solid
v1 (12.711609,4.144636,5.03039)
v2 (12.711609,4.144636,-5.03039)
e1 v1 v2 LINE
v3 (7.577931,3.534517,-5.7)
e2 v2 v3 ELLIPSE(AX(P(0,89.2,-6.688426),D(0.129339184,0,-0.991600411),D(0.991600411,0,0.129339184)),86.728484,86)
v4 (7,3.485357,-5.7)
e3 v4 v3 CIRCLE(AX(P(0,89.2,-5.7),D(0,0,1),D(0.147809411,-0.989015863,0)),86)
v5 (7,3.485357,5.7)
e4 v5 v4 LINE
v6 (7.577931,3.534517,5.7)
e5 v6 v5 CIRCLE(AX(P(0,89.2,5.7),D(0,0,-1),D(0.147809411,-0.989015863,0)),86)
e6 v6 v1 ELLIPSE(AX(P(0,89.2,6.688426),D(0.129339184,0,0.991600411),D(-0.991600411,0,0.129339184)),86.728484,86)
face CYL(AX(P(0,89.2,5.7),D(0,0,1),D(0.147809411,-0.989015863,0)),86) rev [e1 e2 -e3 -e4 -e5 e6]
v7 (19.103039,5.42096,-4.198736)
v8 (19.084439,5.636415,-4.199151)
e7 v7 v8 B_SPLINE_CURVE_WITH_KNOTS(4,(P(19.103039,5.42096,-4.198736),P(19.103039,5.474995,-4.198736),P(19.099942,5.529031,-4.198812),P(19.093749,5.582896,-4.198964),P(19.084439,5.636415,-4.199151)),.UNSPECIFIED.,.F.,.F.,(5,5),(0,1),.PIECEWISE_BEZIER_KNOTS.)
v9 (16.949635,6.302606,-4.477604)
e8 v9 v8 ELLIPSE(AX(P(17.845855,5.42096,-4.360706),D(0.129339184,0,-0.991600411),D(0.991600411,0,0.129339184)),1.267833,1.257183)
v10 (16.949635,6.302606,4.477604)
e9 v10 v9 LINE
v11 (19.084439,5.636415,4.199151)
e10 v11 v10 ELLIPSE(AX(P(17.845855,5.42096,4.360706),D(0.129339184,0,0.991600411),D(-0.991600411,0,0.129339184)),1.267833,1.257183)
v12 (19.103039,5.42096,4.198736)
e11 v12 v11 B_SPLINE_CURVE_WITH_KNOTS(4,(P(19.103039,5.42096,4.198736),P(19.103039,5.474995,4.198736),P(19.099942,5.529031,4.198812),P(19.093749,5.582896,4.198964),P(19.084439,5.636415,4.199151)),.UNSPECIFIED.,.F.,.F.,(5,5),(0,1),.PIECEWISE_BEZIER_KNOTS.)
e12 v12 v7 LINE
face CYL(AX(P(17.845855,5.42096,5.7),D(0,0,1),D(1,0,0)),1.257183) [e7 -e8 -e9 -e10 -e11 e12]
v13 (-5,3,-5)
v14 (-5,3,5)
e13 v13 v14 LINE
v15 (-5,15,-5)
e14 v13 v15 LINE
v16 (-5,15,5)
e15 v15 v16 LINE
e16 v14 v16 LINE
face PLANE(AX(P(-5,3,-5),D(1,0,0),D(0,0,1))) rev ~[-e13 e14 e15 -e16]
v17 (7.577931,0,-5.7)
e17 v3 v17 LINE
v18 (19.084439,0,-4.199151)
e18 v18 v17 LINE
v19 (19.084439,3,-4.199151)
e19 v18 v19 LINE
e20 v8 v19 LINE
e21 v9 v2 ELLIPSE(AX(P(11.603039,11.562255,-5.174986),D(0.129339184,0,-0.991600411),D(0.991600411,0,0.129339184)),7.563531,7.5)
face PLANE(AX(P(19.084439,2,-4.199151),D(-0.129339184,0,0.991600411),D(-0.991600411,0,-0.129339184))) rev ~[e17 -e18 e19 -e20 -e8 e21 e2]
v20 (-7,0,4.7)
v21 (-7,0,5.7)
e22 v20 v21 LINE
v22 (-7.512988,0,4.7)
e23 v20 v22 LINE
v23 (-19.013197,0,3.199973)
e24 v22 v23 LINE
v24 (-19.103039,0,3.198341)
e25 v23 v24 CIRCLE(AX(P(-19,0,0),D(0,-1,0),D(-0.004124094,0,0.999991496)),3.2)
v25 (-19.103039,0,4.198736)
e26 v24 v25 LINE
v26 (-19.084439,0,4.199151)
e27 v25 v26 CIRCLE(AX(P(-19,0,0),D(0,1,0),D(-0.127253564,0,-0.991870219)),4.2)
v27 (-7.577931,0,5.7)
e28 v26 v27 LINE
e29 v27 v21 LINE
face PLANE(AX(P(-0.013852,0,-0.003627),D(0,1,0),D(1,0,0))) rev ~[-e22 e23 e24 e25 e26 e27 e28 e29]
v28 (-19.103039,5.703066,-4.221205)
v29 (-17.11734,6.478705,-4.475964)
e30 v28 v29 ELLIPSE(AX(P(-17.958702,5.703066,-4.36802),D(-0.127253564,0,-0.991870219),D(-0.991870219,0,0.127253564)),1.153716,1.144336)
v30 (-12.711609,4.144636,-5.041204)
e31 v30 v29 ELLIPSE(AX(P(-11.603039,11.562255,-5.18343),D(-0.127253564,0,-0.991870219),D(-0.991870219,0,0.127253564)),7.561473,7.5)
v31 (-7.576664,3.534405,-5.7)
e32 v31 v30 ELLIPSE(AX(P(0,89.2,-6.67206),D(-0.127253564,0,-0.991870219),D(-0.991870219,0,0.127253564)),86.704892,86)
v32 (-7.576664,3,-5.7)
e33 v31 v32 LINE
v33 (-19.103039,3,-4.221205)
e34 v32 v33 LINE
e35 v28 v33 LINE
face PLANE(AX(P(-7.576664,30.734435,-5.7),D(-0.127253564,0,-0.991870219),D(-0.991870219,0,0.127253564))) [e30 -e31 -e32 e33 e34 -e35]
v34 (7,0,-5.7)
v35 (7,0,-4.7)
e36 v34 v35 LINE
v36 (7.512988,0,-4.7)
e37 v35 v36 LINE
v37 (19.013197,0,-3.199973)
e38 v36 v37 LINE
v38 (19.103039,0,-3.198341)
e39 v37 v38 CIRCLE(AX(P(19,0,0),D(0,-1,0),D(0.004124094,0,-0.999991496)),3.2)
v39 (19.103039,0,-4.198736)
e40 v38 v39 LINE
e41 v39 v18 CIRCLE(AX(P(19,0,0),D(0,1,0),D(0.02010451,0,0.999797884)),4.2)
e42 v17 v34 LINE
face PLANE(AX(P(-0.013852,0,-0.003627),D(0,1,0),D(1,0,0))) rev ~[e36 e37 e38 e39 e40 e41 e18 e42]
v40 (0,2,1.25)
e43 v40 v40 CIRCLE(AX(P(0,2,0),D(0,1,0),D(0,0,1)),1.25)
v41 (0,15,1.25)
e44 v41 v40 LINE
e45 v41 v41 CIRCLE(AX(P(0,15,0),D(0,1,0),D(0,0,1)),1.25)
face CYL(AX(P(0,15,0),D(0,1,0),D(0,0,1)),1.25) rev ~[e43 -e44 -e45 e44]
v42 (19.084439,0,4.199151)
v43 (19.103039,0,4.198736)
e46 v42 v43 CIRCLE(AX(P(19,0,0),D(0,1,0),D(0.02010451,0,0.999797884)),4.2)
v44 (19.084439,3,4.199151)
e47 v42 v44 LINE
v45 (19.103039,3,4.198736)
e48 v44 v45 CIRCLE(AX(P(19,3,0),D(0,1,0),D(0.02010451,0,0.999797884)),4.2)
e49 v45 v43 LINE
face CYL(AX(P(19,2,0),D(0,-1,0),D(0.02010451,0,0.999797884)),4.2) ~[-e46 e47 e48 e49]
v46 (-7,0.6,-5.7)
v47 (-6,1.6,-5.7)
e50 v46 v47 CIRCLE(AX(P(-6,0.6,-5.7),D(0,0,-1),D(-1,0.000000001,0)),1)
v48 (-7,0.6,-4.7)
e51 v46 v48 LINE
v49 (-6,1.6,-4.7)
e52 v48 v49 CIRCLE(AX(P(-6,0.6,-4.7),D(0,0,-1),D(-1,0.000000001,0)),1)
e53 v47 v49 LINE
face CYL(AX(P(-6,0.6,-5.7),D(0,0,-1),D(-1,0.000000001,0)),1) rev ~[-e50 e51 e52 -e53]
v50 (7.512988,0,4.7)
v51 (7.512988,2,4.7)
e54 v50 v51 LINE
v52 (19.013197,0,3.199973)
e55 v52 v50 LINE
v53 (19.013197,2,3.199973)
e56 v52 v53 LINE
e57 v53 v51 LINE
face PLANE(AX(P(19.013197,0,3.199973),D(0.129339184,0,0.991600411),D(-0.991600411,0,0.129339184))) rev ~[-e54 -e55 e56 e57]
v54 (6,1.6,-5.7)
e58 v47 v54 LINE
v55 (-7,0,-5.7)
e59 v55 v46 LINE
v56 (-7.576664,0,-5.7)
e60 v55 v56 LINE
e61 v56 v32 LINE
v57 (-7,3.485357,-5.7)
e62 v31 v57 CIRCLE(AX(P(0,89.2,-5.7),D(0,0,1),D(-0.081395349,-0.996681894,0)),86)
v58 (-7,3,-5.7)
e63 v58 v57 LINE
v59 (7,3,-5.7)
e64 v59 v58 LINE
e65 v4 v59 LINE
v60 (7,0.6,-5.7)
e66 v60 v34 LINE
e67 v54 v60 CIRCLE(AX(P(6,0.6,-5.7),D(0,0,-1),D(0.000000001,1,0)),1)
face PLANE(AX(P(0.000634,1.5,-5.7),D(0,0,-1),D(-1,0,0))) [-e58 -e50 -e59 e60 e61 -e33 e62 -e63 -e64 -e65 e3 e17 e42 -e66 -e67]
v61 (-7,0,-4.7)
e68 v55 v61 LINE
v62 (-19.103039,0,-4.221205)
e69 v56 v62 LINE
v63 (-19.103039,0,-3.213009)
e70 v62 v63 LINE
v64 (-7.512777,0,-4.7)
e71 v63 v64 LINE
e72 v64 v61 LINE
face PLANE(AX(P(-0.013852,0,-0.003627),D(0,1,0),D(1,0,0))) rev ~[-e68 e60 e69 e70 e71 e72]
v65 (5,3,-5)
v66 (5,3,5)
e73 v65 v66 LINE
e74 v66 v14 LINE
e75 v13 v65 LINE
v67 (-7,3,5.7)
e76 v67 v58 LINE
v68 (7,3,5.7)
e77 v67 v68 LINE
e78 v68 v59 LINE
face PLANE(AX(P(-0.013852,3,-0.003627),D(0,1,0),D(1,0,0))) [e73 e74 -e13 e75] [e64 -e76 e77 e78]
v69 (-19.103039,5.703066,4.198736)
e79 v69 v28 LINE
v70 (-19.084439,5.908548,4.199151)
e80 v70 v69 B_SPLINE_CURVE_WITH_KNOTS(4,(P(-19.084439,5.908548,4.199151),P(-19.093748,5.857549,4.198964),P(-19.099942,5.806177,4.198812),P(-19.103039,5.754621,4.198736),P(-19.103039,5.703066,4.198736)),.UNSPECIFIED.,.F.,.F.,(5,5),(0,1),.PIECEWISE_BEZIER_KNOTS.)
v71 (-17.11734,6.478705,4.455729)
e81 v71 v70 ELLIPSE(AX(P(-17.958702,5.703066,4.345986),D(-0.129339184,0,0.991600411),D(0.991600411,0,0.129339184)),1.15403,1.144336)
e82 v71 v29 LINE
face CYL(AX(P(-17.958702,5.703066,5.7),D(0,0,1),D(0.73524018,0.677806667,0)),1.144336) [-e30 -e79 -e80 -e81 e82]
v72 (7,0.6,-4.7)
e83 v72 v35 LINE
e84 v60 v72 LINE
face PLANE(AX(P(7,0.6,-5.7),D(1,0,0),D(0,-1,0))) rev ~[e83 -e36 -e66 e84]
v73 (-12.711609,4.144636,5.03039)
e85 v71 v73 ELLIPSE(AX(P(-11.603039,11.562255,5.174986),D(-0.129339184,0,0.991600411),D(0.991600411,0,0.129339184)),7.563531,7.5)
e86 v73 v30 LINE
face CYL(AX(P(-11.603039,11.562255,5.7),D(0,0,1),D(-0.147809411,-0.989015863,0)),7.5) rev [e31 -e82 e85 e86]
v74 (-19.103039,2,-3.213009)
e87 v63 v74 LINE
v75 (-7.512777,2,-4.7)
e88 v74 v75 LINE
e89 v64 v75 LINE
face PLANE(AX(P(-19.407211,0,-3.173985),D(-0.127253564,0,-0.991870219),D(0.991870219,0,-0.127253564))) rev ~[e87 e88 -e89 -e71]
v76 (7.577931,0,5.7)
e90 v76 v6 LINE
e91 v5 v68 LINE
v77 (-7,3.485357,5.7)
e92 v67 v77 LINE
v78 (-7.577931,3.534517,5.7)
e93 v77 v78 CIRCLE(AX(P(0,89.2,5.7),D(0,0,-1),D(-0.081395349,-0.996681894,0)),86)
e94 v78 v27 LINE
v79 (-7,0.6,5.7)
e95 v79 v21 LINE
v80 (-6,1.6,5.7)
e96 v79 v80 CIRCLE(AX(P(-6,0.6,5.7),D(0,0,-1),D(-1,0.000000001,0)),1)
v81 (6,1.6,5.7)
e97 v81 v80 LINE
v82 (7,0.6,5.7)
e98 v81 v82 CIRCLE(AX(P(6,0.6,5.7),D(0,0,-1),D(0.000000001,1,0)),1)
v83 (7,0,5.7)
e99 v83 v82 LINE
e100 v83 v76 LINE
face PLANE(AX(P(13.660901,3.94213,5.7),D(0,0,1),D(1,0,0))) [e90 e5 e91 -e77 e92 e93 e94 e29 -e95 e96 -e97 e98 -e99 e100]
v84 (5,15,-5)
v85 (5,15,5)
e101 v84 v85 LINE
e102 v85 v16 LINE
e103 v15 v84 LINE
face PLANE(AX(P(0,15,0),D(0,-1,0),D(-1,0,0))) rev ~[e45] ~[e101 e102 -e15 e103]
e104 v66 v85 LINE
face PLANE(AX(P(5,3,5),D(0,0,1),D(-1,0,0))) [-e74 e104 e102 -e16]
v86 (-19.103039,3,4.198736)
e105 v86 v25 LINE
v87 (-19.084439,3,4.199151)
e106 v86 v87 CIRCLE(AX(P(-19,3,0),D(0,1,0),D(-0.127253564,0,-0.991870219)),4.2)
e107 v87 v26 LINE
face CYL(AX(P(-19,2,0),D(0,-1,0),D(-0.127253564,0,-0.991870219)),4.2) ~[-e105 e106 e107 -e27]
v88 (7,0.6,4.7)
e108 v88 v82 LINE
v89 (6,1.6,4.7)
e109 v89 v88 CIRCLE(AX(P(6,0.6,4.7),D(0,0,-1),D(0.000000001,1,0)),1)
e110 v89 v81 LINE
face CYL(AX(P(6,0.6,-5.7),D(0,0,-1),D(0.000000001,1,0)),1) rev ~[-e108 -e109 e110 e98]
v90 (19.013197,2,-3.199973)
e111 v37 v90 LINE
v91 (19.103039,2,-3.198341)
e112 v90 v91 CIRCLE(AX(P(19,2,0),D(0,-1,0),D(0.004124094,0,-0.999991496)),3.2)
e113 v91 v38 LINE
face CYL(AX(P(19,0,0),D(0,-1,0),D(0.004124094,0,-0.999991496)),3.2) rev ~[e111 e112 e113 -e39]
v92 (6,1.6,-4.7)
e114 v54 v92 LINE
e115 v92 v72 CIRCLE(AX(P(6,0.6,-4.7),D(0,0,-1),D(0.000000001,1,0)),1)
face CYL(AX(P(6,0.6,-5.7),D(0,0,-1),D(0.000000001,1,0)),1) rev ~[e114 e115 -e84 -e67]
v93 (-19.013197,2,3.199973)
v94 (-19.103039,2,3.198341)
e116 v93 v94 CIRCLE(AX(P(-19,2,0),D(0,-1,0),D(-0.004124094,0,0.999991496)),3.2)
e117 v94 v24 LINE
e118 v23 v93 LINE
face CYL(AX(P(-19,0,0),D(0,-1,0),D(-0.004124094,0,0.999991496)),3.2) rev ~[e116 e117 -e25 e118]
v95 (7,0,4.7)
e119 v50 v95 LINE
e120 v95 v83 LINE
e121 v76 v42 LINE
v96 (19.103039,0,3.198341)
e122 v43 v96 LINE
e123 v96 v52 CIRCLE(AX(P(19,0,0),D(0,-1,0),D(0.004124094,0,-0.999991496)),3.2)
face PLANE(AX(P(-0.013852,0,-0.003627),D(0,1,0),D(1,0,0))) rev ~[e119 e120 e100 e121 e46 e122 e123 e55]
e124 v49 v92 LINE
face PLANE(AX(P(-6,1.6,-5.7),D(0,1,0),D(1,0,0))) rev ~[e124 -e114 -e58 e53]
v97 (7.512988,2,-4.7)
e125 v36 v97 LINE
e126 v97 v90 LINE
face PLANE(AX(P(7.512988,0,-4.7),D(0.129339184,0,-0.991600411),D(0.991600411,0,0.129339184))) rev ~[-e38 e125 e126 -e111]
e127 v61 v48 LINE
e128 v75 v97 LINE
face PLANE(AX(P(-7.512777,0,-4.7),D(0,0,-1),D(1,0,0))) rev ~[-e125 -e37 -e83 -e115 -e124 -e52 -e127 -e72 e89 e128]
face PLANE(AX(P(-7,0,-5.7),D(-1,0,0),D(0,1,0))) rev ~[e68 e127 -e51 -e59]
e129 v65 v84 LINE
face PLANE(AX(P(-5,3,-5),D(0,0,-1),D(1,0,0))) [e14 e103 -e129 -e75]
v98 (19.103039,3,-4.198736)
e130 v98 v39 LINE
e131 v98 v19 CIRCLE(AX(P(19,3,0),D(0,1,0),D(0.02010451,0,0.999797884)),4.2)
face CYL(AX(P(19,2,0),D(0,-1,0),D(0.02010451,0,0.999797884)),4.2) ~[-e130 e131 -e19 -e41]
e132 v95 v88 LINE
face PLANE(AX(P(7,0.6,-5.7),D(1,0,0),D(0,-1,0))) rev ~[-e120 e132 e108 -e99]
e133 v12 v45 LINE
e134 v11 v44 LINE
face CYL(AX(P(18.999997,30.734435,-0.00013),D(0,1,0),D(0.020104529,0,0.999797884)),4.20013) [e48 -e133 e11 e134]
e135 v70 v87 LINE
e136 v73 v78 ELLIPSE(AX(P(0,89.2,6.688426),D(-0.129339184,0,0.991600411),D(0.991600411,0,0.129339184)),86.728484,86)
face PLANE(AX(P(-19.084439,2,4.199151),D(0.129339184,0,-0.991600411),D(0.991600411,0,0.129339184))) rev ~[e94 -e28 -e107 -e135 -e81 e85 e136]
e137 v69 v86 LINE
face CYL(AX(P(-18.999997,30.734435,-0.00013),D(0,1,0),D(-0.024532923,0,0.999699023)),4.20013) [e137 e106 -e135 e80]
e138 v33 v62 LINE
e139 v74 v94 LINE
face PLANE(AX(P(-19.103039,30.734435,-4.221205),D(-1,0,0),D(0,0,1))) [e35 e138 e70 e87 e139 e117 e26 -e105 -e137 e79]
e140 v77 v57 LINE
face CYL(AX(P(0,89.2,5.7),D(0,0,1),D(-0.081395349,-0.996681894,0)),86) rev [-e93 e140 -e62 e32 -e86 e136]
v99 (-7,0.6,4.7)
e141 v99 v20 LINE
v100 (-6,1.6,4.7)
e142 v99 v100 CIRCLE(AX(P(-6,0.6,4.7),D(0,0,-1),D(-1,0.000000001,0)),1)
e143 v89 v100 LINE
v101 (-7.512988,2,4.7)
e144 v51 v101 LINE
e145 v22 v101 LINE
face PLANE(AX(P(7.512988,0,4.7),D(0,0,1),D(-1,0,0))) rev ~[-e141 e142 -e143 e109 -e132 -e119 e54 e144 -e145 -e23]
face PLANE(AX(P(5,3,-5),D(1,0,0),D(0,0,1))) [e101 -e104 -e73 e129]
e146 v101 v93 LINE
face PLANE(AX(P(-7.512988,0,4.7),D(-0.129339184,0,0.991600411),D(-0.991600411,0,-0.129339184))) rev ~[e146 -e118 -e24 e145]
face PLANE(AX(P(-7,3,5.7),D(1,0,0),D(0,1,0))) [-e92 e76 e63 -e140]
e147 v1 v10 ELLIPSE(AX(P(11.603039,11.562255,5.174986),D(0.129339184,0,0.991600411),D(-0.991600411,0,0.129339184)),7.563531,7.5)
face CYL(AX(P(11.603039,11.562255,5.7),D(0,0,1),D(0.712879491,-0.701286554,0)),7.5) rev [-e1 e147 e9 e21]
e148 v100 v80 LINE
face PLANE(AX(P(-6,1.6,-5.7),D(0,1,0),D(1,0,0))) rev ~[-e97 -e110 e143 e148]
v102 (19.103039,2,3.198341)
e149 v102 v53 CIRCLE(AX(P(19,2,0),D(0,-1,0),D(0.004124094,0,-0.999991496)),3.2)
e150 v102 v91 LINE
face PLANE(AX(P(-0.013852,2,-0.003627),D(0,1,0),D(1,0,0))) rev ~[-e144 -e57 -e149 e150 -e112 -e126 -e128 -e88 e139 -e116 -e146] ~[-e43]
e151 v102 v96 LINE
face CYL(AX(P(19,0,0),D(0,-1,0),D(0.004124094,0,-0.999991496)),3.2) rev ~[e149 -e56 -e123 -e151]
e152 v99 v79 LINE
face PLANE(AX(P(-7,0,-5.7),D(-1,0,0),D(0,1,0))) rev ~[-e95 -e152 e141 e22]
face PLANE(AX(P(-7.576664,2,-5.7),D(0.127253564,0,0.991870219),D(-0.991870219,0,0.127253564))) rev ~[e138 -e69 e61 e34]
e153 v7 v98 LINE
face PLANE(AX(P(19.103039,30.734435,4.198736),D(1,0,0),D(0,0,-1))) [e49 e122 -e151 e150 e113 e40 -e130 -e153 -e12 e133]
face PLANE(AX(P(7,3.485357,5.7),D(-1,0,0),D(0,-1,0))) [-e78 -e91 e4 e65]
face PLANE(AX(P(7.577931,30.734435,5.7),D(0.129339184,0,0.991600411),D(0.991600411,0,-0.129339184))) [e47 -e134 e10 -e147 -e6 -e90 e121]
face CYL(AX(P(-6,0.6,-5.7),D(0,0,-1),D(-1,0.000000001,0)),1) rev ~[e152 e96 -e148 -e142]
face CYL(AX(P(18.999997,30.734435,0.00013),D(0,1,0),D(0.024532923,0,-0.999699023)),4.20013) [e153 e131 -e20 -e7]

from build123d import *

# Parameters (mm, degrees)
BOSS_EXTRUDE1_DEPTH     = 2
BOSS_EXTRUDE2_DEPTH     = 1
BOSS_EXTRUDE3_DEPTH     = 12
BOSS_EXTRUDE4_REACH     = 31.886
CUT_EXTRUDE1_DEPTH      = 27.734434724
CUT_EXTRUDE1_DEPTH_BACK = 27.734434724
SKETCH6_R               = 1.25
CUT_EXTRUDE2_DEPTH      = 25.948268421
CUT_EXTRUDE3_DEPTH      = 27.830693137


with BuildPart() as part:
    # Sketch1 → Boss-Extrude1 (new body)
    with BuildSketch(Plane(origin=(0, 0, 0), x_dir=(1, 0, 0), z_dir=(0, 1, 0))):
        with BuildLine():
            Line((-7.576663768, 5.7), (-19.534464968, 4.165854918))
            ThreePointArc((-19.534464968, 4.165854918), (-23.193935143, -0.225628046), (-19.084438942, -4.199151112))
            Line((-19.084438942, -4.199151112), (-7.577930804, -5.7))
            Line((-7.577930804, -5.7), (7.577930804, -5.7))
            Line((7.577930804, -5.7), (19.084438942, -4.199151112))
            ThreePointArc((19.084438942, -4.199151112), (23.2, 0), (19.084438942, 4.199151112))
            Line((19.084438942, 4.199151112), (7.577930804, 5.7))
            Line((7.577930804, 5.7), (-7.576663768, 5.7))
        make_face()
        with BuildLine():
            Line((-7.512988467, -4.7), (-19.013197102, -3.199972787))
            ThreePointArc((-19.013197102, -3.199972787), (-22.193903464, -0.197435212), (-19.407211404, 3.173984699))
            Line((-19.407211404, 3.173984699), (-7.512777295, 4.7))
            Line((-7.512777295, 4.7), (7.512988467, 4.7))
            Line((7.512988467, 4.7), (19.013197102, 3.199972787))
            ThreePointArc((19.013197102, 3.199972787), (22.2, 0), (19.013197102, -3.199972787))
            Line((19.013197102, -3.199972787), (7.512988467, -4.7))
            Line((7.512988467, -4.7), (-7.512988467, -4.7))
        make_face(mode=Mode.SUBTRACT)
    extrude(amount=BOSS_EXTRUDE1_DEPTH)

    # Sketch2 → Boss-Extrude2 (add)
    with BuildSketch(Plane(origin=(0, 2, 0), x_dir=(1, 0, 0), z_dir=(0, 1, 0))):
        with BuildLine():
            Line((7.577930804, -5.7), (19.084438942, -4.199151112))
            ThreePointArc((19.084438942, -4.199151112), (23.2, 0), (19.084438942, 4.199151112))
            Line((19.084438942, 4.199151112), (7.577930804, 5.7))
            Line((7.577930804, 5.7), (-7.576663768, 5.7))
            Line((-7.576663768, 5.7), (-19.534464968, 4.165854918))
            ThreePointArc((-19.534464968, 4.165854918), (-23.193935143, -0.225628046), (-19.084438942, -4.199151112))
            Line((-19.084438942, -4.199151112), (-7.577930804, -5.7))
            Line((-7.577930804, -5.7), (7.577930804, -5.7))
        make_face()
    extrude(amount=BOSS_EXTRUDE2_DEPTH)

    # Sketch3 → Boss-Extrude3 (add)
    with BuildSketch(Plane(origin=(0, 3, 0), x_dir=(1, 0, 0), z_dir=(0, 1, 0))):
        Polygon((-5, 0), (-5, 5), (5, 5), (5, -5), (-5, -5), align=None)
    extrude(amount=BOSS_EXTRUDE3_DEPTH)

    # Boss-Extrude4: up to this face of the body (flat: up to its plane)
    boss_extrude4_end = Plane(part.part.faces().sort_by_distance((0.000633518, 1.5, -5.7))[0])
    # Sketch4 → Boss-Extrude4 (add, up to the picked face)
    with BuildSketch(Plane.XY.offset(5.7), mode=Mode.PRIVATE) as boss_extrude4_sk1:
        with BuildLine():
            Line((-19.103038774, 3), (-7, 3))
            Line((-7, 3), (-7, 3.485357144))
            ThreePointArc((-7, 3.485357144), (-9.86131573, 3.767251876), (-12.711609357, 4.144635751))
            ThreePointArc((-12.711609357, 4.144635751), (-15.114103805, 4.934855361), (-17.117340124, 6.478704724))
            ThreePointArc((-17.117340124, 6.478704724), (-18.375058248, 6.768970937), (-19.103038774, 5.703065825))
            Line((-19.103038774, 5.703065825), (-19.103038774, 3))
        make_face()
    boss_extrude4_tool1 = split(extrude(boss_extrude4_sk1.sketch, amount=-BOSS_EXTRUDE4_REACH, mode=Mode.PRIVATE), bisect_by=boss_extrude4_end, keep=Keep.BOTH, mode=Mode.PRIVATE)
    # Sketch4 → Boss-Extrude4 (add, up to the picked face)
    with BuildSketch(Plane.XY.offset(5.7), mode=Mode.PRIVATE) as boss_extrude4_sk2:
        with BuildLine():
            Line((7, 3.485357144), (7, 3))
            Line((7, 3), (19.103038774, 3))
            Line((19.103038774, 3), (19.103038774, 5.420959691))
            ThreePointArc((19.103038774, 5.420959691), (18.322193887, 6.584407955), (16.949634957, 6.302605569))
            ThreePointArc((16.949634957, 6.302605569), (15.0061995, 4.878805237), (12.711609357, 4.144635751))
            ThreePointArc((12.711609357, 4.144635751), (9.86131573, 3.767251876), (7, 3.485357144))
        make_face()
    boss_extrude4_tool2 = split(extrude(boss_extrude4_sk2.sketch, amount=-BOSS_EXTRUDE4_REACH, mode=Mode.PRIVATE), bisect_by=boss_extrude4_end, keep=Keep.BOTH, mode=Mode.PRIVATE)
    add(boss_extrude4_tool1.solids().sort_by(Axis((-15.203187, 4.213829, 5.7), (0, 0, -1)))[0])
    add(boss_extrude4_tool2.solids().sort_by(Axis((15.148816, 4.17304, 5.7), (0, 0, -1)))[0])

    # Sketch5 → Cut-Extrude1 (cut, two sides: drawn at the far end of the back side and taken through both)
    with BuildSketch(Plane.XZ.offset(-3).offset(-CUT_EXTRUDE1_DEPTH_BACK)):
        with BuildLine():
            ThreePointArc((19.103038774, -4.198735883), (23.2, 0), (19.103038774, 4.198735883))
            Line((19.103038774, 4.198735883), (19.103038774, -4.198735883))
        make_face()
        with BuildLine():
            ThreePointArc((19.084438942, 4.199151112), (19.093739088, 4.198953796), (19.103038774, 4.198735883))
            Line((19.103038774, 4.198735883), (19.103038774, 5.7))
            Line((19.103038774, 5.7), (7.577930804, 5.7))
            Line((7.577930804, 5.7), (19.084438942, 4.199151112))
        make_face()
        with BuildLine():
            Line((19.103038774, -5.7), (19.103038774, -4.198735883))
            ThreePointArc((19.103038774, -4.198735883), (19.093739088, -4.198953796), (19.084438942, -4.199151112))
            Line((19.084438942, -4.199151112), (7.577930804, -5.7))
            Line((7.577930804, -5.7), (19.103038774, -5.7))
        make_face()
        with BuildLine():
            Line((-19.534464968, -4.165854918), (-19.103038774, -4.221205426))
            Line((-19.103038774, -4.221205426), (-19.103038774, 4.198735883))
            ThreePointArc((-19.103038774, 4.198735883), (-23.194424582, 0.216338692), (-19.534464968, -4.165854918))
        make_face()
        Polygon((-7.576663768, -5.7), (-19.103038774, -4.221205426), (-19.103038774, -5.7), align=None)
        with BuildLine():
            Line((-19.103038774, 5.7), (-19.103038774, 4.198735883))
            ThreePointArc((-19.103038774, 4.198735883), (-19.093739088, 4.198953796), (-19.084438942, 4.199151112))
            Line((-19.084438942, 4.199151112), (-7.577930804, 5.7))
            Line((-7.577930804, 5.7), (-19.103038774, 5.7))
        make_face()
    extrude(amount=CUT_EXTRUDE1_DEPTH + CUT_EXTRUDE1_DEPTH_BACK, mode=Mode.SUBTRACT)

    # Sketch6 → Cut-Extrude2 (cut, through all)
    with BuildSketch(Plane(origin=(0, 15, 0), x_dir=(1, 0, 0), z_dir=(0, 1, 0))):
        with Locations(Location((0, 0, 0), (0, 0, 270))):
            Circle(SKETCH6_R)
    extrude(amount=-CUT_EXTRUDE2_DEPTH, mode=Mode.SUBTRACT)

    # Sketch7 → Cut-Extrude3 (cut, through all)
    with BuildSketch(Plane(origin=(0, 0, -5.7), x_dir=(-1, 0, 0), z_dir=(0, 0, -1))):
        with BuildLine():
            Line((-7, 0.6), (-7, 0))
            Line((-7, 0), (7, 0))
            Line((7, 0), (7, 0.6))
            ThreePointArc((7, 0.6), (6.707106781, 1.307106781), (6, 1.6))
            Line((6, 1.6), (-6, 1.6))
            ThreePointArc((-6, 1.6), (-6.707106781, 1.307106781), (-7, 0.6))
        make_face()
    extrude(amount=-CUT_EXTRUDE3_DEPTH, mode=Mode.SUBTRACT)


solid = part.part
